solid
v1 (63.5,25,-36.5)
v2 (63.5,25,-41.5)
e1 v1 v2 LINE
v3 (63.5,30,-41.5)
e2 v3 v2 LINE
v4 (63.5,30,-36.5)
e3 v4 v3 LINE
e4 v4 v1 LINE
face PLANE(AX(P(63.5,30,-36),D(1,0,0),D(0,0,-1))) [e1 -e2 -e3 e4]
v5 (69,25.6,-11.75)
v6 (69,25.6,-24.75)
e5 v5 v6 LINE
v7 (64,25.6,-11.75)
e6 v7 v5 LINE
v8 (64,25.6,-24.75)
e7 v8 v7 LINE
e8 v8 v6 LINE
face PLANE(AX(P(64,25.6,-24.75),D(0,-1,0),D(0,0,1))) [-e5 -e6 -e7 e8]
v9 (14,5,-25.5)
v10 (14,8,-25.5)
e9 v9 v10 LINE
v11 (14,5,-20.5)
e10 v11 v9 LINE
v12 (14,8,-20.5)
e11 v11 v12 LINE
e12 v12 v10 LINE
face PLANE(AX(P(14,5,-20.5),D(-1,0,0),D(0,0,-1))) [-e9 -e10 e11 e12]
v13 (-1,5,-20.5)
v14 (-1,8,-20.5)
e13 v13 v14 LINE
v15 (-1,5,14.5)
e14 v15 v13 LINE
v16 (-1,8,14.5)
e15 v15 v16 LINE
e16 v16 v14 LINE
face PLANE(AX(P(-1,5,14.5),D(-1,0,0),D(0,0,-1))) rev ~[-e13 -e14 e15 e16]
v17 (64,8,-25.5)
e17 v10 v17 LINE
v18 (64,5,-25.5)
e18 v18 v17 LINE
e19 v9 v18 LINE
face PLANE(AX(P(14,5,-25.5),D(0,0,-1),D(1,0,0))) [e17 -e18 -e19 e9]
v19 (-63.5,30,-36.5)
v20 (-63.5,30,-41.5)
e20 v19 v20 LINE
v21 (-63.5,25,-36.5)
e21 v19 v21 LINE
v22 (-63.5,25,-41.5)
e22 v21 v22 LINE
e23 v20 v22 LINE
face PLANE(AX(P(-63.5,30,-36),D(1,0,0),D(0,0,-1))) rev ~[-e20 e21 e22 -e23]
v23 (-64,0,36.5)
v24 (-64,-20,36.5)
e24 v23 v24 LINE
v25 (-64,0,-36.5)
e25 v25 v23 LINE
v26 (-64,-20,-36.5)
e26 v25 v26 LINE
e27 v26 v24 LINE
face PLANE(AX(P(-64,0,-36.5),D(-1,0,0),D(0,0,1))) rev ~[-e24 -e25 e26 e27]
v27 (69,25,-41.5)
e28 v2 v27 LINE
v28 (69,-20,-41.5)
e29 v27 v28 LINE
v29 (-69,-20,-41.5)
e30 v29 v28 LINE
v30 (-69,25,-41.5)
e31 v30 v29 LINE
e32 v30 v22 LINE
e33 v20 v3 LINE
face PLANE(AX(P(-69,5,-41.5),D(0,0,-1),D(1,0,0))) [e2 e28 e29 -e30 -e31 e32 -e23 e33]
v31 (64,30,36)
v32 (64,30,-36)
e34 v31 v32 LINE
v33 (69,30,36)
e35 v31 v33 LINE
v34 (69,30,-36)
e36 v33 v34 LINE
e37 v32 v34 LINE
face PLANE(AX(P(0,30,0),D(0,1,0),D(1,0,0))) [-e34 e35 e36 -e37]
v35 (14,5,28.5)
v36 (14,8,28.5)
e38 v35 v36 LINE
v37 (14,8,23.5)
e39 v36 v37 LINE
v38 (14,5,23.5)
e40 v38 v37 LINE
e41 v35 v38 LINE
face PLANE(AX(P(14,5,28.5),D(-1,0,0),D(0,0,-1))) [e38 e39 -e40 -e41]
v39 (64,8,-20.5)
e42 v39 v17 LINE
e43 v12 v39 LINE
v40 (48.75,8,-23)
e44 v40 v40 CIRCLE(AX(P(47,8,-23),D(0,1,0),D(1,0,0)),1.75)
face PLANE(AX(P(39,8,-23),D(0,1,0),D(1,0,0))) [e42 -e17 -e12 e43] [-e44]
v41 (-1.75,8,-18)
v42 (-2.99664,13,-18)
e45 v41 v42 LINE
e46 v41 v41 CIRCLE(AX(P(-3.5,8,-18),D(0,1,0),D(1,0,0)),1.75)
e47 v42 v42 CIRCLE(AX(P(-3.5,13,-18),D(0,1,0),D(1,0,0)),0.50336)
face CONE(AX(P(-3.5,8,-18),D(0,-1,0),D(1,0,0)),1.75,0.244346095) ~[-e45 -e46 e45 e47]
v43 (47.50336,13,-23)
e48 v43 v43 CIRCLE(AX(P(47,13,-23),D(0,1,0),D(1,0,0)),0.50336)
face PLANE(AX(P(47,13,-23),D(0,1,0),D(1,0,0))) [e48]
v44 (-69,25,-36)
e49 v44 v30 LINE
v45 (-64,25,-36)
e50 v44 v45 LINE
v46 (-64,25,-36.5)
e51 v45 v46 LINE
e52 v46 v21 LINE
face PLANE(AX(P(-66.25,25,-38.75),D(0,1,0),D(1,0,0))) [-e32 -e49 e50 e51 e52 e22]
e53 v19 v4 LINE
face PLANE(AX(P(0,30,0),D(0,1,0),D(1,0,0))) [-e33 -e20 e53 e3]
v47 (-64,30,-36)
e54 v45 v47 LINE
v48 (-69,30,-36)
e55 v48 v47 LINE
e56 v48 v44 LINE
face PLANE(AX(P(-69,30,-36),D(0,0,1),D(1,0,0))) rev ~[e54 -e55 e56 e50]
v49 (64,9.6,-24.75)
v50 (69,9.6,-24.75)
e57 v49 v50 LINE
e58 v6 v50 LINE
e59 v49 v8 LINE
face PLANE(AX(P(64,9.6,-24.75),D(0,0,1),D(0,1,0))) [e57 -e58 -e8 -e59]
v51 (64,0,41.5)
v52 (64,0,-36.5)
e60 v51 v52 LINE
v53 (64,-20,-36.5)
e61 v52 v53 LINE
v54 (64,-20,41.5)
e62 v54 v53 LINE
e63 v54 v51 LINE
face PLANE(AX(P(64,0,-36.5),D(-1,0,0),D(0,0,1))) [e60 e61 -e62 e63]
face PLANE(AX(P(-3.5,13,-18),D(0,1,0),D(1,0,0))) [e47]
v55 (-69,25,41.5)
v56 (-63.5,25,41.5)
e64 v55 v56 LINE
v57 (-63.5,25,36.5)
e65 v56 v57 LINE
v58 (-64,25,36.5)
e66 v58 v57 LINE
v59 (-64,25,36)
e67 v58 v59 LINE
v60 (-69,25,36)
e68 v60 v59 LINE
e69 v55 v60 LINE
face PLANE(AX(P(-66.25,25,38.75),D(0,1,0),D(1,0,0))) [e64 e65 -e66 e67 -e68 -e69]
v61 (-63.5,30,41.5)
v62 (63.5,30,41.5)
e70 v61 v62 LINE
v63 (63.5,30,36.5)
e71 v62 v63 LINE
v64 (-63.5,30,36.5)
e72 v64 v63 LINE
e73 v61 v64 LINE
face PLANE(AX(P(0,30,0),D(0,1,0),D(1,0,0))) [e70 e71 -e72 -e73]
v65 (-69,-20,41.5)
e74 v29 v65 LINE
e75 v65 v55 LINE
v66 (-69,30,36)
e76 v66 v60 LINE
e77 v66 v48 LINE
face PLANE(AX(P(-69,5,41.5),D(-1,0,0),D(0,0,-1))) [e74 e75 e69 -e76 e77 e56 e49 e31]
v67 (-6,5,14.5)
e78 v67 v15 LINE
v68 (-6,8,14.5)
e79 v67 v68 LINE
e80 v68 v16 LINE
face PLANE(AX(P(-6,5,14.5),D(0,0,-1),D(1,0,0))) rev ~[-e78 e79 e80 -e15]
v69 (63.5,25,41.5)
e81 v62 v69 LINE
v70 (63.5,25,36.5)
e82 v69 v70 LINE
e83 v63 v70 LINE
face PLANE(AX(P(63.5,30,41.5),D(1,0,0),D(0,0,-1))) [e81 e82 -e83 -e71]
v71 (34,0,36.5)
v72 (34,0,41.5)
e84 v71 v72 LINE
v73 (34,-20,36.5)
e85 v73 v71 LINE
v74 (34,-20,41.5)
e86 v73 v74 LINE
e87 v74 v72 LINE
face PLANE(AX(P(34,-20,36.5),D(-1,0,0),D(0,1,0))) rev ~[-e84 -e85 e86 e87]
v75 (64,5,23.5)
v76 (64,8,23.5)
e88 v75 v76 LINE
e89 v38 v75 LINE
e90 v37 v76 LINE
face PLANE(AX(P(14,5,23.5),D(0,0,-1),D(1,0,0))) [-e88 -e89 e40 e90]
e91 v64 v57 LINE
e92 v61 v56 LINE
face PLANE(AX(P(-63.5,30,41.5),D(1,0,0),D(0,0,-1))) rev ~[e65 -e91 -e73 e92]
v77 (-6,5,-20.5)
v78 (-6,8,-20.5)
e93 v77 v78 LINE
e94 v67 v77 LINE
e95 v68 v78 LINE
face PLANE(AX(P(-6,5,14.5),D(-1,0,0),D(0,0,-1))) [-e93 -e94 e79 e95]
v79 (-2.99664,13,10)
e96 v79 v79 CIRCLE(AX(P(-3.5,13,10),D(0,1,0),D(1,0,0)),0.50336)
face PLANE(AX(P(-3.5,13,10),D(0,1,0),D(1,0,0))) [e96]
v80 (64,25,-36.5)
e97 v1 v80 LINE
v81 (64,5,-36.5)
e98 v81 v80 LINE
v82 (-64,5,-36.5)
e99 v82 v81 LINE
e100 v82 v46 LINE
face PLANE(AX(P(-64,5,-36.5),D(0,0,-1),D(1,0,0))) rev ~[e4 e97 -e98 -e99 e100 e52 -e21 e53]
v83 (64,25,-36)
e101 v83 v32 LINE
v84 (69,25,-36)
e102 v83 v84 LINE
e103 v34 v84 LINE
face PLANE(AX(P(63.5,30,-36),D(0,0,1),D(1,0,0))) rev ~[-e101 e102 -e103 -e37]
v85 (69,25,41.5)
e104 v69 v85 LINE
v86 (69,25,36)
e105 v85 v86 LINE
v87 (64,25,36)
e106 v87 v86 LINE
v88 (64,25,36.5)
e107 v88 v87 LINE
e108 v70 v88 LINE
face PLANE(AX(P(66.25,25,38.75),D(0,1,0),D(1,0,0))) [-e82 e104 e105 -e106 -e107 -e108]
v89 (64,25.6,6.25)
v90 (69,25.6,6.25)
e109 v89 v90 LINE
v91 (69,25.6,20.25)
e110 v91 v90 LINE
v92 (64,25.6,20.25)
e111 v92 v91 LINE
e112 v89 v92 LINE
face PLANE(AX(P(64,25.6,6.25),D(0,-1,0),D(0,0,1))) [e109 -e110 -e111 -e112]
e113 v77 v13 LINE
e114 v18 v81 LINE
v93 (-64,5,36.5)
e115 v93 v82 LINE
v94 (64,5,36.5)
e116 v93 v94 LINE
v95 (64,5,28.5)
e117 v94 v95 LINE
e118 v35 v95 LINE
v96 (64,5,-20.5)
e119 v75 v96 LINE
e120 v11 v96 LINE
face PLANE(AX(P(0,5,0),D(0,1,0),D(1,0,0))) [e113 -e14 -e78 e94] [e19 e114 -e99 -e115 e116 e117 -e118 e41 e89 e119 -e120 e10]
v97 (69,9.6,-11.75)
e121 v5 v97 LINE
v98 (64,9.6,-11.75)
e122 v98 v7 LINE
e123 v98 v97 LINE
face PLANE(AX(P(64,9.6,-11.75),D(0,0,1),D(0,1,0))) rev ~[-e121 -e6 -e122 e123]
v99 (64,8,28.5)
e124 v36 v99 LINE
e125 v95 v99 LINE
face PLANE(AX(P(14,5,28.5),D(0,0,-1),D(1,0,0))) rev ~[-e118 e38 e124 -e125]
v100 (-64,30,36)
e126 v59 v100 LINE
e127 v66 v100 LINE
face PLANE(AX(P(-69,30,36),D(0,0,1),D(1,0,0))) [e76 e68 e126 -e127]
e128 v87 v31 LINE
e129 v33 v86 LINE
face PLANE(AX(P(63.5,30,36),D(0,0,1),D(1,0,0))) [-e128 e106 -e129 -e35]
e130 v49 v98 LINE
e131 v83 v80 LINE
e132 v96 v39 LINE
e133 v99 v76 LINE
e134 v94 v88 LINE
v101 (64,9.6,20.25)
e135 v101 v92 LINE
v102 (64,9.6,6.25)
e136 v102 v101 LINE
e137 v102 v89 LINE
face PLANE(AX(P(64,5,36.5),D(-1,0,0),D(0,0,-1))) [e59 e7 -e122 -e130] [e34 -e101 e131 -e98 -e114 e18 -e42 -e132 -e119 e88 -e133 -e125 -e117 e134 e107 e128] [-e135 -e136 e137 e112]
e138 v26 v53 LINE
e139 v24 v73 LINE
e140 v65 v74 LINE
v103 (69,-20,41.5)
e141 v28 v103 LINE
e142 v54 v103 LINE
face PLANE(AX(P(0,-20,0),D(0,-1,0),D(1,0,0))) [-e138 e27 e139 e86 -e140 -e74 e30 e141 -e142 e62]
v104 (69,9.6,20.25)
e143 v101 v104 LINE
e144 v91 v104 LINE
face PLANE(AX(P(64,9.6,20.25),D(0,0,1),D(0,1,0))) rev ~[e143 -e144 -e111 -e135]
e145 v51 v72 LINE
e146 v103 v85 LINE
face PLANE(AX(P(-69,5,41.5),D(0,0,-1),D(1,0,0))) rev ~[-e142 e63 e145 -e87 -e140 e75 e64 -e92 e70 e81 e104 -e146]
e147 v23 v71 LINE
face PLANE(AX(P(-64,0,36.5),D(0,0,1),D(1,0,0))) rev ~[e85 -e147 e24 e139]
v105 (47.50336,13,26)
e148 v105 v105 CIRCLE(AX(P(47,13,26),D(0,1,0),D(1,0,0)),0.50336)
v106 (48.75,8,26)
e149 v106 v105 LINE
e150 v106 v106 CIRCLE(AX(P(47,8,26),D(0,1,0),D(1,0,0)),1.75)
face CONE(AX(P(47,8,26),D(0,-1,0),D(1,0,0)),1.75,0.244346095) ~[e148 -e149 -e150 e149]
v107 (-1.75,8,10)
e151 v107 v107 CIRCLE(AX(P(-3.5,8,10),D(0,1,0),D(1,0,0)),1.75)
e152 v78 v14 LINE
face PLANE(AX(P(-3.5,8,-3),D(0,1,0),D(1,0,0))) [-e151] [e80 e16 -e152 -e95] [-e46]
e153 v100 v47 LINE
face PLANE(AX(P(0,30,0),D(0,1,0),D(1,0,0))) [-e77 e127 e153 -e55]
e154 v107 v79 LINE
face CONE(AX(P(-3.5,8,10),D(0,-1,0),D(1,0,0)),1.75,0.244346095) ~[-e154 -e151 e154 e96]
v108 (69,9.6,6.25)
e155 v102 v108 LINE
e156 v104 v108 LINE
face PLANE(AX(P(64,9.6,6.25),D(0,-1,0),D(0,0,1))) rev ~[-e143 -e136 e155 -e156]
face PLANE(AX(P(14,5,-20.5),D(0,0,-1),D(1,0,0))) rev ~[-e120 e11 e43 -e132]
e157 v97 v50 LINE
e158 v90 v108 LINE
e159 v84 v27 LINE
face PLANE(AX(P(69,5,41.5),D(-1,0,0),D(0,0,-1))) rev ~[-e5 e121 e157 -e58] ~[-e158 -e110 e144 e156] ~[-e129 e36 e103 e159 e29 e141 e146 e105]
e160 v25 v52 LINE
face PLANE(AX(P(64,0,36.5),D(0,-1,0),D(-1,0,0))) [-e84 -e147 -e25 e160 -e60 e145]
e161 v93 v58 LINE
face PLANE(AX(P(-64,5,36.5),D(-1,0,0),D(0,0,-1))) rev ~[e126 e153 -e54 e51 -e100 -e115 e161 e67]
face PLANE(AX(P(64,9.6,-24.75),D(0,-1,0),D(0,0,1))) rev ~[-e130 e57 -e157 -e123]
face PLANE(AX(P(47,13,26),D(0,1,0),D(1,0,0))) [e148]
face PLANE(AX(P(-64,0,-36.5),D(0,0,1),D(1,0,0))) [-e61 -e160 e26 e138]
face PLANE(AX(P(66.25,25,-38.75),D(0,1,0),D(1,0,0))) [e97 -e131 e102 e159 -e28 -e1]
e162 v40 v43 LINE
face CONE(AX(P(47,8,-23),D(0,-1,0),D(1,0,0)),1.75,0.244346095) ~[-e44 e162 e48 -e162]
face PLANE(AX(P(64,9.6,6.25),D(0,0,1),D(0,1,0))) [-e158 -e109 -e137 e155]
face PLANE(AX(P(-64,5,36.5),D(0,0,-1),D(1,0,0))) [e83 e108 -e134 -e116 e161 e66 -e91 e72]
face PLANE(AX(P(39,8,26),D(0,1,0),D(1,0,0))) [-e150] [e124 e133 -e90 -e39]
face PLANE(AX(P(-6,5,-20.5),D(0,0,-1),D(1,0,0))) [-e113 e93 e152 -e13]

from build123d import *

# Parameters (mm, degrees)
SKETCH1_W                      = 138
SKETCH1_H                      = 83
BOSS_EXTRUDE1_DEPTH            = 5
SKETCH2_W                      = 138
SKETCH2_H                      = 83
SKETCH2_W_2                    = 128
SKETCH2_H_2                    = 73
BOSS_EXTRUDE2_DEPTH            = 20
CUT_EXTRUDE1_REACH             = 108.042
SKETCH3_W                      = 30
SKETCH3_H                      = 20
SKETCH4_W                      = 138
SKETCH4_H                      = 83
SKETCH4_W_2                    = 128
SKETCH4_H_2                    = 73
BOSS_EXTRUDE3_DEPTH            = 25
SKETCH5_W                      = 50
SKETCH5_H                      = 5
SKETCH5_W_2                    = 5
SKETCH5_H_2                    = 35
BOSS_EXTRUDE10_DEPTH           = 3
SKETCH6_R                      = 1.75
BOSS_EXTRUDE11_DEPTH           = 5
BOSS_EXTRUDE11_DRAFT           = 14
BOSS_EXTRUDE11_PROFILE_2_DEPTH = 5
BOSS_EXTRUDE11_PROFILE_2_DRAFT = 14
BOSS_EXTRUDE11_PROFILE_3_DEPTH = 5
BOSS_EXTRUDE11_PROFILE_3_DRAFT = 14
BOSS_EXTRUDE11_PROFILE_4_DEPTH = 5
BOSS_EXTRUDE11_PROFILE_4_DRAFT = 14
CUT_EXTRUDE2_REACH             = 144.518
SKETCH7_W                      = 13
SKETCH7_H                      = 16
CUT_EXTRUDE3_REACH             = 144.518
SKETCH8_W                      = 14
SKETCH8_H                      = 16
SKETCH11_W                     = 5.5
SKETCH11_H                     = 5.5
CUT_EXTRUDE7_DEPTH             = 5


with BuildPart() as part:
    # Sketch1 → Boss-Extrude1 (new body)
    with BuildSketch(Plane(origin=(0, 0, 0), x_dir=(1, 0, 0), z_dir=(0, 1, 0))):
        Rectangle(SKETCH1_W, SKETCH1_H)
    extrude(amount=BOSS_EXTRUDE1_DEPTH)

    # Sketch2 → Boss-Extrude2 (add)
    with BuildSketch(Plane.XZ):
        Rectangle(SKETCH2_W, SKETCH2_H)
        Rectangle(SKETCH2_W_2, SKETCH2_H_2, mode=Mode.SUBTRACT)
    extrude(amount=BOSS_EXTRUDE2_DEPTH)

    # Sketch3 → Cut-Extrude1 (cut, up to next)
    with BuildSketch(Plane(origin=(0, 0, 36.5), x_dir=(-1, 0, 0), z_dir=(0, 0, -1)), mode=Mode.PRIVATE) as cut_extrude1_sk1:
        with Locations((-49, -10)):
            Rectangle(SKETCH3_W, SKETCH3_H)
    cut_extrude1_tool1 = extrude(cut_extrude1_sk1.sketch, amount=-CUT_EXTRUDE1_REACH, mode=Mode.PRIVATE) & part.part
    add(cut_extrude1_tool1.solids().sort_by_distance((49, -10, 36.5))[0], mode=Mode.SUBTRACT)

    # Sketch4 → Boss-Extrude3 (add)
    with BuildSketch(Plane(origin=(0, 5, 0), x_dir=(1, 0, 0), z_dir=(0, 1, 0))):
        Rectangle(SKETCH4_W, SKETCH4_H)
        Rectangle(SKETCH4_W_2, SKETCH4_H_2, mode=Mode.SUBTRACT)
    extrude(amount=BOSS_EXTRUDE3_DEPTH)

    # Sketch5 → Boss-Extrude10 (add)
    with BuildSketch(Plane(origin=(0, 5, 0), x_dir=(1, 0, 0), z_dir=(0, 1, 0))):
        with Locations((39, -26)):
            Rectangle(SKETCH5_W, SKETCH5_H)
        with Locations((39, 23)):
            Rectangle(SKETCH5_W, SKETCH5_H)
        with Locations((-3.5, 3)):
            Rectangle(SKETCH5_W_2, SKETCH5_H_2)
    extrude(amount=BOSS_EXTRUDE10_DEPTH)


with BuildPart() as boss_extrude11_tool:
    # Sketch6 → Boss-Extrude11 (with draft: the straight prism first)
    with BuildSketch(Plane(origin=(0, 8, 0), x_dir=(1, 0, 0), z_dir=(0, 1, 0))):
        with Locations((47, 23)):
            Circle(SKETCH6_R)
    extrude(amount=BOSS_EXTRUDE11_DEPTH)
    # Boss-Extrude11: the draft: its side faces are tilted about the plane it starts from
    boss_extrude11_sides = [boss_extrude11_tool.faces().sort_by_distance(p)[0] for p in [
        (45.25, 10.5, -23),
    ]]
    draft(boss_extrude11_sides, Plane(origin=(0, 8, 0), x_dir=(1, 0, 0), z_dir=(0, 1, 0)), BOSS_EXTRUDE11_DRAFT)


with BuildPart() as part_1:
    add(part.part)

    # Boss-Extrude11: add boss_extrude11_tool
    add(boss_extrude11_tool.part)


with BuildPart() as boss_extrude11_profile_2_tool:
    # Sketch6 → Boss-Extrude11 profile 2 (with draft: the straight prism first)
    with BuildSketch(Plane(origin=(0, 8, 0), x_dir=(1, 0, 0), z_dir=(0, 1, 0))):
        with Locations((47, -26)):
            Circle(SKETCH6_R)
    extrude(amount=BOSS_EXTRUDE11_PROFILE_2_DEPTH)
    # Boss-Extrude11 profile 2: the draft: its side faces are tilted about the plane it starts from
    boss_extrude11_profile_2_sides = [boss_extrude11_profile_2_tool.faces().sort_by_distance(p)[0] for p in [
        (45.25, 10.5, 26),
    ]]
    draft(boss_extrude11_profile_2_sides, Plane(origin=(0, 8, 0), x_dir=(1, 0, 0), z_dir=(0, 1, 0)), BOSS_EXTRUDE11_PROFILE_2_DRAFT)


with BuildPart() as part_2:
    add(part_1.part)

    # Boss-Extrude11 profile 2: add boss_extrude11_profile_2_tool
    add(boss_extrude11_profile_2_tool.part)


with BuildPart() as boss_extrude11_profile_3_tool:
    # Sketch6 → Boss-Extrude11 profile 3 (with draft: the straight prism first)
    with BuildSketch(Plane(origin=(0, 8, 0), x_dir=(1, 0, 0), z_dir=(0, 1, 0))):
        with Locations((-3.5, 18)):
            Circle(SKETCH6_R)
    extrude(amount=BOSS_EXTRUDE11_PROFILE_3_DEPTH)
    # Boss-Extrude11 profile 3: the draft: its side faces are tilted about the plane it starts from
    boss_extrude11_profile_3_sides = [boss_extrude11_profile_3_tool.faces().sort_by_distance(p)[0] for p in [
        (-5.25, 10.5, -18),
    ]]
    draft(boss_extrude11_profile_3_sides, Plane(origin=(0, 8, 0), x_dir=(1, 0, 0), z_dir=(0, 1, 0)), BOSS_EXTRUDE11_PROFILE_3_DRAFT)


with BuildPart() as part_3:
    add(part_2.part)

    # Boss-Extrude11 profile 3: add boss_extrude11_profile_3_tool
    add(boss_extrude11_profile_3_tool.part)


with BuildPart() as boss_extrude11_profile_4_tool:
    # Sketch6 → Boss-Extrude11 profile 4 (with draft: the straight prism first)
    with BuildSketch(Plane(origin=(0, 8, 0), x_dir=(1, 0, 0), z_dir=(0, 1, 0))):
        with Locations((-3.5, -10)):
            Circle(SKETCH6_R)
    extrude(amount=BOSS_EXTRUDE11_PROFILE_4_DEPTH)
    # Boss-Extrude11 profile 4: the draft: its side faces are tilted about the plane it starts from
    boss_extrude11_profile_4_sides = [boss_extrude11_profile_4_tool.faces().sort_by_distance(p)[0] for p in [
        (-5.25, 10.5, 10),
    ]]
    draft(boss_extrude11_profile_4_sides, Plane(origin=(0, 8, 0), x_dir=(1, 0, 0), z_dir=(0, 1, 0)), BOSS_EXTRUDE11_PROFILE_4_DRAFT)


with BuildPart() as part_4:
    add(part_3.part)

    # Boss-Extrude11 profile 4: add boss_extrude11_profile_4_tool
    add(boss_extrude11_profile_4_tool.part)

    # Sketch7 → Cut-Extrude2 (cut, up to next)
    with BuildSketch(Plane.ZY.offset(-64), mode=Mode.PRIVATE) as cut_extrude2_sk1:
        with Locations((-18.25, 17.6)):
            Rectangle(SKETCH7_W, SKETCH7_H)
    cut_extrude2_tool1 = extrude(cut_extrude2_sk1.sketch, amount=-CUT_EXTRUDE2_REACH, mode=Mode.PRIVATE) & part_4.part
    add(cut_extrude2_tool1.solids().sort_by_distance((64, 17.6, -18.25))[0], mode=Mode.SUBTRACT)

    # Sketch8 → Cut-Extrude3 (cut, up to next)
    with BuildSketch(Plane.ZY.offset(-64), mode=Mode.PRIVATE) as cut_extrude3_sk1:
        with Locations((13.25, 17.6)):
            Rectangle(SKETCH8_W, SKETCH8_H)
    cut_extrude3_tool1 = extrude(cut_extrude3_sk1.sketch, amount=-CUT_EXTRUDE3_REACH, mode=Mode.PRIVATE) & part_4.part
    add(cut_extrude3_tool1.solids().sort_by_distance((64, 17.6, 13.25))[0], mode=Mode.SUBTRACT)

    # Sketch11 → Cut-Extrude7 (cut)
    with BuildSketch(Plane(origin=(0, 30, 0), x_dir=(1, 0, 0), z_dir=(0, 1, 0))):
        with Locations((-66.25, 38.75)):
            Rectangle(SKETCH11_W, SKETCH11_H)
        with Locations((-66.25, -38.75)):
            Rectangle(SKETCH11_W, SKETCH11_H)
        with Locations((66.25, -38.75)):
            Rectangle(SKETCH11_W, SKETCH11_H)
        with Locations((66.25, 38.75)):
            Rectangle(SKETCH11_W, SKETCH11_H)
    extrude(amount=-CUT_EXTRUDE7_DEPTH, mode=Mode.SUBTRACT)


solid = part_4.part
